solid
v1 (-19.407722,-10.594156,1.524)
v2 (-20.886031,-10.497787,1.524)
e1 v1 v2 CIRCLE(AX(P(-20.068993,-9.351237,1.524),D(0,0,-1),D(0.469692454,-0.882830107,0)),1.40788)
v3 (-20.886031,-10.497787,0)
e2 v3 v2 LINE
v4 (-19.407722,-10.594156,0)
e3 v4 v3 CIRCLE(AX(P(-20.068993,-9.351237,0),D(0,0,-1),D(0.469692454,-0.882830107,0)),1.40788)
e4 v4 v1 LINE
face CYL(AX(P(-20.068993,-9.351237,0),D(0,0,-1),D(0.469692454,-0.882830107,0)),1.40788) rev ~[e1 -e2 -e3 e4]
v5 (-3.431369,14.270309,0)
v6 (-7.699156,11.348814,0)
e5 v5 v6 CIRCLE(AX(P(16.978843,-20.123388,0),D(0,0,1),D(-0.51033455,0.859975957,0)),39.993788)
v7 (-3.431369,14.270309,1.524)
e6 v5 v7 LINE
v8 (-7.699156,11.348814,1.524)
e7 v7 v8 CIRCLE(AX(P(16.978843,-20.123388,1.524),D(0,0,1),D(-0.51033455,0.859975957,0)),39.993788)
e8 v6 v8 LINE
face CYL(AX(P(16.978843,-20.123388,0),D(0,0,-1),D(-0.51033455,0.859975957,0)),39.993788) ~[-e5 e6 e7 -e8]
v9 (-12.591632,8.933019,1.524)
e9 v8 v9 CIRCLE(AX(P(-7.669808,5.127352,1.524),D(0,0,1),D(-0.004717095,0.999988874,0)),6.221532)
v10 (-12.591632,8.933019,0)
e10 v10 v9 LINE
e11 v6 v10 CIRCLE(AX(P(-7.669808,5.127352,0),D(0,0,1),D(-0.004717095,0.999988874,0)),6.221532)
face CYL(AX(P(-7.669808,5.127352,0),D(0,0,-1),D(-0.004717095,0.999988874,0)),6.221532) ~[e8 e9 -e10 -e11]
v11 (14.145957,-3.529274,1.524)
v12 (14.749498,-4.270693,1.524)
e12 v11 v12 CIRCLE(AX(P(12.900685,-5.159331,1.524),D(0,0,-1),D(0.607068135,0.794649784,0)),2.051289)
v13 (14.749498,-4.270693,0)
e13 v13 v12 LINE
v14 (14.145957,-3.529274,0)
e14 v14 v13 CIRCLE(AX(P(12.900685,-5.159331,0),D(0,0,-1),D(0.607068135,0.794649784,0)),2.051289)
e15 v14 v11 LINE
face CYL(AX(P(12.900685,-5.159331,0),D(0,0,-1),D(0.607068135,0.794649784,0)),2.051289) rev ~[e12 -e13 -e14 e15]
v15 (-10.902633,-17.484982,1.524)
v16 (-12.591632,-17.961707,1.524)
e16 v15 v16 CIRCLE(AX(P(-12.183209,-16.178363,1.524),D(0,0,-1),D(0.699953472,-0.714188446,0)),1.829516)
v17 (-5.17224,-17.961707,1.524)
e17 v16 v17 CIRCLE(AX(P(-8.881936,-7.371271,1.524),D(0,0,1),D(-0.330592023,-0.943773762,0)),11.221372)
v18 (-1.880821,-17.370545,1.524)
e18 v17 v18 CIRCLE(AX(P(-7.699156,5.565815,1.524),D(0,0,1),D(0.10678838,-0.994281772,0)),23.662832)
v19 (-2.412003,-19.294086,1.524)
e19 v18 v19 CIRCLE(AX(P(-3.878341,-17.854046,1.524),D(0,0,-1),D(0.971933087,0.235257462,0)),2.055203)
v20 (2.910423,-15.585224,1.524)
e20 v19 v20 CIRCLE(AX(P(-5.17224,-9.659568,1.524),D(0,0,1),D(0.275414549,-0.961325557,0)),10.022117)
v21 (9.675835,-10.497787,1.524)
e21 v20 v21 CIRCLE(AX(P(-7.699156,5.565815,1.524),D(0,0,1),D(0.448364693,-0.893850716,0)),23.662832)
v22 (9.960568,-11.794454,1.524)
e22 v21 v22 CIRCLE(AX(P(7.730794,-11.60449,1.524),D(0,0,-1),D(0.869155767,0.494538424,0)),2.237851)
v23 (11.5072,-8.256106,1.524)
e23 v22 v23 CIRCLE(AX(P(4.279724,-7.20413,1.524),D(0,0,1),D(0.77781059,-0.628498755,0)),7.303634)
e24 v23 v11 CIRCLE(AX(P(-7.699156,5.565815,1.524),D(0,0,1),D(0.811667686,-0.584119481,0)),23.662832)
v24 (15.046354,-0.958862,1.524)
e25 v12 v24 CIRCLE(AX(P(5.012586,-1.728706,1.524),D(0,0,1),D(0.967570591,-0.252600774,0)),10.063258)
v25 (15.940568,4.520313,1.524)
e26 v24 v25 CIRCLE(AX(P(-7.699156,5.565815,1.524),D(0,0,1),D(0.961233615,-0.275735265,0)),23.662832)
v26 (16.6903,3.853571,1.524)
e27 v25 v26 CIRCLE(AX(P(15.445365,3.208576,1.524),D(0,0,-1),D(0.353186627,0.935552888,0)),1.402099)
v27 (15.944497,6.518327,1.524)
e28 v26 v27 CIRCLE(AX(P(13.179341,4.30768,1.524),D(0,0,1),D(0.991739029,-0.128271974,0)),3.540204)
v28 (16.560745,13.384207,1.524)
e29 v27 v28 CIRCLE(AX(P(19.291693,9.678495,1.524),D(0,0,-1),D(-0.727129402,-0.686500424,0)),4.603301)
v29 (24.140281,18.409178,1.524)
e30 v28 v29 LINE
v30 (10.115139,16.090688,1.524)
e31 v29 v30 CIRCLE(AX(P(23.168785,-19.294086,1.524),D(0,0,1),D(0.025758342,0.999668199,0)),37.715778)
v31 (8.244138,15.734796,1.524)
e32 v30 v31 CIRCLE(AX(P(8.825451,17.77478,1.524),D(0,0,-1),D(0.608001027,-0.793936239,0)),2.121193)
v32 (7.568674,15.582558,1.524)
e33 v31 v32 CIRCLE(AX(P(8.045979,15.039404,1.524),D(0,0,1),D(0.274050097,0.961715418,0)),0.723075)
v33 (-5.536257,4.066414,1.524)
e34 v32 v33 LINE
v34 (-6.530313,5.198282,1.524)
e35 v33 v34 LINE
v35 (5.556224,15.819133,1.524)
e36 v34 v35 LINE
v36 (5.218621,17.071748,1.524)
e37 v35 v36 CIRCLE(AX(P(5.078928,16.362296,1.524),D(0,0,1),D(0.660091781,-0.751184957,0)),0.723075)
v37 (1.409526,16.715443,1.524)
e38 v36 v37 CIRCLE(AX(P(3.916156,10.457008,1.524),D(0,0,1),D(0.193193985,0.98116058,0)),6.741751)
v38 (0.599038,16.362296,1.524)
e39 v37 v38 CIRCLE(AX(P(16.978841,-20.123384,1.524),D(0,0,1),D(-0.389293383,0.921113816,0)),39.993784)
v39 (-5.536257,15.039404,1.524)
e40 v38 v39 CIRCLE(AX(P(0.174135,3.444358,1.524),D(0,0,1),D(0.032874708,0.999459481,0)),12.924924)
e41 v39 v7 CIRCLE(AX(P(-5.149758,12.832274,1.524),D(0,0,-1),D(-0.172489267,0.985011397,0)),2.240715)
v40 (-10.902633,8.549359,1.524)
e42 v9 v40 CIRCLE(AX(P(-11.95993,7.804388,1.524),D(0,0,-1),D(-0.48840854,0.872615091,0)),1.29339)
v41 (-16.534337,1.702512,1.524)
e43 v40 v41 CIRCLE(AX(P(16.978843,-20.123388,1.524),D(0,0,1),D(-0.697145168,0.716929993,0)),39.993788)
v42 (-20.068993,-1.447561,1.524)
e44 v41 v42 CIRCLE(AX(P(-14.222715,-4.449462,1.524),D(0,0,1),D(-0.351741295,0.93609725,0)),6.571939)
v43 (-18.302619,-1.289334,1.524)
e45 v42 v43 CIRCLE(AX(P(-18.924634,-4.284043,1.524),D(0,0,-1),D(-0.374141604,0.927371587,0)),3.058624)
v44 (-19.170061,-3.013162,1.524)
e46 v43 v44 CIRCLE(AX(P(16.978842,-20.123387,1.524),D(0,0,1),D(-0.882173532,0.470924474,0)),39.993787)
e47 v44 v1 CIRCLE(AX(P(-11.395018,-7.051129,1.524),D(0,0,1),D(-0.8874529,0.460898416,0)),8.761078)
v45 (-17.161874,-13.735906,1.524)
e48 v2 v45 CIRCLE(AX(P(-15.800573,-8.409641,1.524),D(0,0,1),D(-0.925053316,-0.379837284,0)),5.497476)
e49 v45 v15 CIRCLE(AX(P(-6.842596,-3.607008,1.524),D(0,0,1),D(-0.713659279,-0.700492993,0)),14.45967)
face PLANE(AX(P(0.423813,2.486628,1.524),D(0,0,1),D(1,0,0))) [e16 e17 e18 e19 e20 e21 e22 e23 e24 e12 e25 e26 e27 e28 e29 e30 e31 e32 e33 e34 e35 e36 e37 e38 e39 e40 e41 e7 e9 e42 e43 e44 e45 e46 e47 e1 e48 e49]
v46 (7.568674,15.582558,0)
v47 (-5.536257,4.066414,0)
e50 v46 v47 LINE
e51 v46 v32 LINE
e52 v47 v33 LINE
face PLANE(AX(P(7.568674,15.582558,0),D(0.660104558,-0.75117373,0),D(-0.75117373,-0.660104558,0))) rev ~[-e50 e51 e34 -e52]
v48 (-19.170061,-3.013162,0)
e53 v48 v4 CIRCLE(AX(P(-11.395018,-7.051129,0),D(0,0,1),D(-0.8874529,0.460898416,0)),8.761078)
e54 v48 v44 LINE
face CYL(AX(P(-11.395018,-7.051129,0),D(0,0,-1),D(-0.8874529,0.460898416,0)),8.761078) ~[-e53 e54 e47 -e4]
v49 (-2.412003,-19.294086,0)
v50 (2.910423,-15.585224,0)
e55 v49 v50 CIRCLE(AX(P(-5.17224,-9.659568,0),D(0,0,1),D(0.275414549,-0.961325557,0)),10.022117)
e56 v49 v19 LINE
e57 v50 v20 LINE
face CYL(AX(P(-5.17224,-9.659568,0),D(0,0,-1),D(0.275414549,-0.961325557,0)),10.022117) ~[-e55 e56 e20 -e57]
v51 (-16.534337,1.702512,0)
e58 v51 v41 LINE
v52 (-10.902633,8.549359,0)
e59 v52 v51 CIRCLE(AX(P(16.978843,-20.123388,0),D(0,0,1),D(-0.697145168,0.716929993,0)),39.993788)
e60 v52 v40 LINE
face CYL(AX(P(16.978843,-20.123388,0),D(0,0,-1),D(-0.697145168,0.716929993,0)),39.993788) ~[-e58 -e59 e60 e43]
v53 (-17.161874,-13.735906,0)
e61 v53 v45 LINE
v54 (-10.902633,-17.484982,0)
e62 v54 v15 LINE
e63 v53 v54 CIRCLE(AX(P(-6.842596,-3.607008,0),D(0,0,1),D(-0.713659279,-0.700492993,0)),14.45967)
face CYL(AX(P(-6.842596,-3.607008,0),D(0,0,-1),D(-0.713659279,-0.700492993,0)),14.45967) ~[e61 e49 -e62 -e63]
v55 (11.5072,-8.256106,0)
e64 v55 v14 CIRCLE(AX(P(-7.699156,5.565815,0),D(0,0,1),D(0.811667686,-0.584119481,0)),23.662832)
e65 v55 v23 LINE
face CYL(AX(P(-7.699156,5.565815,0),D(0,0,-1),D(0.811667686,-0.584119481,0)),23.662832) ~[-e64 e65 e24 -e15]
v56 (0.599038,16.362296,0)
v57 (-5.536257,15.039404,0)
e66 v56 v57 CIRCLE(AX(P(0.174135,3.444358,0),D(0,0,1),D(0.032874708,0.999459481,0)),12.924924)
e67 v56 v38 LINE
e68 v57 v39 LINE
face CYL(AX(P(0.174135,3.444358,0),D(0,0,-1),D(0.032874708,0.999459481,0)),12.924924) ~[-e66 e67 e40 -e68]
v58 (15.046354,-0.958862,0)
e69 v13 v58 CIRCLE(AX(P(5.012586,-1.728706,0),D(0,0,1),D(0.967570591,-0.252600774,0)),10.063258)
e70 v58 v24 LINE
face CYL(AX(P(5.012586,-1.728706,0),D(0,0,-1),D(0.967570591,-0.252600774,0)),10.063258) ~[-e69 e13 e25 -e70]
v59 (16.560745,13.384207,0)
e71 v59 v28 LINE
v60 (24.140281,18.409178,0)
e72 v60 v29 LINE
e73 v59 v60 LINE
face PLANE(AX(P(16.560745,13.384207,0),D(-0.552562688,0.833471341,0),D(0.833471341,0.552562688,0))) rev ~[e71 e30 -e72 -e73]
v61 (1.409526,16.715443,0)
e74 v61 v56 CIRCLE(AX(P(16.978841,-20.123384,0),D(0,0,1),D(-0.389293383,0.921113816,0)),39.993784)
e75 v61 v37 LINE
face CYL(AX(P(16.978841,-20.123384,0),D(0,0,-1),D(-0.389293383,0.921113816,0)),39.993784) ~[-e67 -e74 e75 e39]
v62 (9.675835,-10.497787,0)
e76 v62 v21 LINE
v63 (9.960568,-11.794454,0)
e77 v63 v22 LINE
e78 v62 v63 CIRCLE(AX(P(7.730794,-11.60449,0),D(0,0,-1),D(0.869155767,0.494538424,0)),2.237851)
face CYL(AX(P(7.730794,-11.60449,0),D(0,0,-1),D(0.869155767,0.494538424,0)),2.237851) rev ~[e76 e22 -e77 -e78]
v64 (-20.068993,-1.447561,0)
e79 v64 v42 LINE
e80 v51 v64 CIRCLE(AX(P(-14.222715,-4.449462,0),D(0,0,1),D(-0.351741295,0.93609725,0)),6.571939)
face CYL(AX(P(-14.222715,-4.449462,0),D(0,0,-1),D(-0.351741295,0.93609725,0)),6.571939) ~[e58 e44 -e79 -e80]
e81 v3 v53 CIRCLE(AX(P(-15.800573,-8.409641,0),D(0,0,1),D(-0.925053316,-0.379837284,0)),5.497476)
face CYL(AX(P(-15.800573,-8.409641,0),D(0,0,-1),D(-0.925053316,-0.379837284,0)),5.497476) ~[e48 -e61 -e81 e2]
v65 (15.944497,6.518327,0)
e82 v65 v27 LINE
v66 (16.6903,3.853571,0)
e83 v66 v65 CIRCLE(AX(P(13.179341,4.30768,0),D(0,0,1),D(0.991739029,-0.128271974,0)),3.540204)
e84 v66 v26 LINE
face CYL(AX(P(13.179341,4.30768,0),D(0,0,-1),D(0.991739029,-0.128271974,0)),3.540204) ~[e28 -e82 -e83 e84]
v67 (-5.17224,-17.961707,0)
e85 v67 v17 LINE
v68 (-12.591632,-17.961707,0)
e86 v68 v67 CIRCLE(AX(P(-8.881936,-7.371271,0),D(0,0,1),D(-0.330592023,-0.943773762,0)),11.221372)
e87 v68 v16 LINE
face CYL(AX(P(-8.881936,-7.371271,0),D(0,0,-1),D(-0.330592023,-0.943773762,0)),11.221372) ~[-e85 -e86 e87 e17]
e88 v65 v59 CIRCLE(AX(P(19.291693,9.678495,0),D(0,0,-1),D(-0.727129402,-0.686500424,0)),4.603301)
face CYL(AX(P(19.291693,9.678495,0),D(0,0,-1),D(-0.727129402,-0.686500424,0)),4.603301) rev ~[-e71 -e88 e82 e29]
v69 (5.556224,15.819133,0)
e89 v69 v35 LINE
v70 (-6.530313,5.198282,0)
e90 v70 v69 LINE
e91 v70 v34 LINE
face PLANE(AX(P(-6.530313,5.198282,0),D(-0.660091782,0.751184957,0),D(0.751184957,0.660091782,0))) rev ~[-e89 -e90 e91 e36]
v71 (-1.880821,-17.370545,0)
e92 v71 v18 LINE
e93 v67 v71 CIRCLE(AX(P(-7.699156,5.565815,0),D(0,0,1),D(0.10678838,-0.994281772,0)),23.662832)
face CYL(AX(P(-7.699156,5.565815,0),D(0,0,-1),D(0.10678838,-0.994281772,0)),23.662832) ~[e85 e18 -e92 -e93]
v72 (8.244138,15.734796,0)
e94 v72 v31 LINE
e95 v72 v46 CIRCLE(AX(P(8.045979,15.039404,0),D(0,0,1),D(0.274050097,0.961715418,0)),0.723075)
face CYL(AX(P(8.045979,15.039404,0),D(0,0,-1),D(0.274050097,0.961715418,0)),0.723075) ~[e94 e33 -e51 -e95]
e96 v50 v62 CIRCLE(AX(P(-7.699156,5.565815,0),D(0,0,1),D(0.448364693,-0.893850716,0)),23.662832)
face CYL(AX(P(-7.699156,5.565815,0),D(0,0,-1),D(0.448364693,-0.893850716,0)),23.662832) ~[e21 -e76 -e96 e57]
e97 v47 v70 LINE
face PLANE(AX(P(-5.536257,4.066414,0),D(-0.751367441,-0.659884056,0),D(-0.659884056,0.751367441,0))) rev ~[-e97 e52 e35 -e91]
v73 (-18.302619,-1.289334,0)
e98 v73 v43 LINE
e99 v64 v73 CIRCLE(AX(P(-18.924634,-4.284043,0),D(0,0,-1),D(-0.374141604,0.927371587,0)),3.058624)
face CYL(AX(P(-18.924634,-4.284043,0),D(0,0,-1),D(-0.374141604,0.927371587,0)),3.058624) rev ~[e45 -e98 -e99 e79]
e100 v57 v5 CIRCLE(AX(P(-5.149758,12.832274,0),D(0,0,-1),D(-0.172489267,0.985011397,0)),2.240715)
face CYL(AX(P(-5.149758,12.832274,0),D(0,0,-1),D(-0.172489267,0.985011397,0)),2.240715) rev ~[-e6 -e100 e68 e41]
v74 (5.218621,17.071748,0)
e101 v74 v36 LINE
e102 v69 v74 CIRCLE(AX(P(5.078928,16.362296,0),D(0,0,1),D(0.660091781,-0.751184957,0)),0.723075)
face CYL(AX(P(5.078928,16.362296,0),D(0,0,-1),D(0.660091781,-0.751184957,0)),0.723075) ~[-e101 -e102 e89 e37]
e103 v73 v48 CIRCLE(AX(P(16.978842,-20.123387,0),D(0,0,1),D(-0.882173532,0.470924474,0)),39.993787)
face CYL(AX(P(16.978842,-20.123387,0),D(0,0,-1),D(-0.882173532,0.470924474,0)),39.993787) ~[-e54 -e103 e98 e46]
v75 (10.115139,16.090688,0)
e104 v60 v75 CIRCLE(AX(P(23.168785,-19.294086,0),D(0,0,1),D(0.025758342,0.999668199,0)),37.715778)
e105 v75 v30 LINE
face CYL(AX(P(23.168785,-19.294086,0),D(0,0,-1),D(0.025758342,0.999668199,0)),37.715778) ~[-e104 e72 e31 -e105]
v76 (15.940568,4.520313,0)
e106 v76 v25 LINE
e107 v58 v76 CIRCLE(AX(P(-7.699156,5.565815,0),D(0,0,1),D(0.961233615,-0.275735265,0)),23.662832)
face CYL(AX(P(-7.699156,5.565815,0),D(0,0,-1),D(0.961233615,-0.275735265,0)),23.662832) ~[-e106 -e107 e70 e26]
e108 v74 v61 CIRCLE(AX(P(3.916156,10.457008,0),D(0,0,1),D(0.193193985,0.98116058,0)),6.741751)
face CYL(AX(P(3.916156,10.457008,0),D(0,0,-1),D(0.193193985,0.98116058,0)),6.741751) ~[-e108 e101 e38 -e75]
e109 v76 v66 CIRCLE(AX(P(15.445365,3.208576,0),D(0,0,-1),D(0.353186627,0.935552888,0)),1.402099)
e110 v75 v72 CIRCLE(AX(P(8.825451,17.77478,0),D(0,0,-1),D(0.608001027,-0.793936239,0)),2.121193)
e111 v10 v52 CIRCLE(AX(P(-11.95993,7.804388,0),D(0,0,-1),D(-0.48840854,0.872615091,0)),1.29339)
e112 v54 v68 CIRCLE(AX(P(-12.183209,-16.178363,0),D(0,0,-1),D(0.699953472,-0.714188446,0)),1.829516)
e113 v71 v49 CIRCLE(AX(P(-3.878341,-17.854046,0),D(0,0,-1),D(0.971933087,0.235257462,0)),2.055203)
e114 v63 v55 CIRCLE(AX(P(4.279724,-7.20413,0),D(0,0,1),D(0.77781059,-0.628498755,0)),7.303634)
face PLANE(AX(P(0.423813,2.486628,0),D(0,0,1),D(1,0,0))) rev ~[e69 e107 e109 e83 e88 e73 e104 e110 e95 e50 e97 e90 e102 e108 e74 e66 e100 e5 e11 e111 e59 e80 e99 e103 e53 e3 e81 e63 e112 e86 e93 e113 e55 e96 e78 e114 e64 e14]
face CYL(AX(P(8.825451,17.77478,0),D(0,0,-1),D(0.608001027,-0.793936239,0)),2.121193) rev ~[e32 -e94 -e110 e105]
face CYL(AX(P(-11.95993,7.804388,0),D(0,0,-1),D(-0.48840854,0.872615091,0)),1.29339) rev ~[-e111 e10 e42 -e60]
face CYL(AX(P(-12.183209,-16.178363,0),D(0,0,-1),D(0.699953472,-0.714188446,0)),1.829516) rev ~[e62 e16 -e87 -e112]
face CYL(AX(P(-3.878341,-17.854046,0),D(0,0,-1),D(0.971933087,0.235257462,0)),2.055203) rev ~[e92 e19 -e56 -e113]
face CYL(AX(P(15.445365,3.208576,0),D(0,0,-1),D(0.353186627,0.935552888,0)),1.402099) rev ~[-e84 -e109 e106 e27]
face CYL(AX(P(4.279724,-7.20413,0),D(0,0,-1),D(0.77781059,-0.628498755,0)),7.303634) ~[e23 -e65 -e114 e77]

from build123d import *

# Parameters (mm, degrees)
BOSS_EXTRUDE1_DEPTH = 1.524


with BuildPart() as part:
    # Sketch1 → Boss-Extrude1 (new body)
    with BuildSketch(Plane.XY):
        with BuildLine():
            Line((7.568674397, 15.582558464), (-5.536256919, 4.066414385))
            Line((-5.536256919, 4.066414385), (-6.530313076, 5.198282058))
            Line((-6.530313076, 5.198282058), (5.556223507, 15.819133016))
            ThreePointArc((5.556223507, 15.819133016), (5.777089873, 16.550462951), (5.218621489, 17.071748372))
            ThreePointArc((5.218621489, 17.071748372), (3.288269389, 17.169456569), (1.409525645, 16.715443282))
            ThreePointArc((1.409525645, 16.715443282), (1.003306116, 16.541109193), (0.599038273, 16.362295908))
            ThreePointArc((0.599038273, 16.362295908), (-2.550127925, 16.078915888), (-5.536256919, 15.03940369))
            ThreePointArc((-5.536256919, 15.03940369), (-4.380758941, 14.936898454), (-3.431369122, 14.270308722))
            ThreePointArc((-3.431369122, 14.270308722), (-5.61253751, 12.87862193), (-7.699155785, 11.348814153))
            ThreePointArc((-7.699155785, 11.348814153), (-10.424357394, 10.705874365), (-12.591632165, 8.933019197))
            ThreePointArc((-12.591632165, 8.933019197), (-11.673431217, 9.06564735), (-10.902633402, 8.549358731))
            ThreePointArc((-10.902633402, 8.549358731), (-13.90878858, 5.282464583), (-16.534336918, 1.702511755))
            ThreePointArc((-16.534336918, 1.702511755), (-18.59519403, 0.456840392), (-20.068993111, -1.447561206))
            ThreePointArc((-20.068993111, -1.447561206), (-19.197525413, -1.237616175), (-18.302618639, -1.289333967))
            ThreePointArc((-18.302618639, -1.289333967), (-18.746738742, -2.146015126), (-19.170061319, -3.013161751))
            ThreePointArc((-19.170061319, -3.013161751), (-20.151793191, -6.776607347), (-19.40772228, -10.594156129))
            ThreePointArc((-19.40772228, -10.594156129), (-20.160576804, -10.75613538), (-20.886030658, -10.497786933))
            ThreePointArc((-20.886030658, -10.497786933), (-19.40772228, -12.558219915), (-17.161873617, -13.735905577))
            ThreePointArc((-17.161873617, -13.735905577), (-14.272607306, -16.011724419), (-10.902633402, -17.484981731))
            ThreePointArc((-10.902633402, -17.484981731), (-11.686238888, -17.939086495), (-12.591632165, -17.961707434))
            ThreePointArc((-12.591632165, -17.961707434), (-8.881936241, -18.592642939), (-5.172240316, -17.961707434))
            ThreePointArc((-5.172240316, -17.961707434), (-3.516074533, -17.724342682), (-1.880821012, -17.370544649))
            ThreePointArc((-1.880821012, -17.370544649), (-1.897285647, -18.401111131), (-2.412003394, -19.294085934))
            ThreePointArc((-2.412003394, -19.294085934), (0.557596733, -17.882208081), (2.910422529, -15.585224243))
            ThreePointArc((2.910422529, -15.585224243), (6.522466187, -13.346484728), (9.675834999, -10.497786933))
            ThreePointArc((9.675834999, -10.497786933), (9.916567514, -11.124520652), (9.960567596, -11.794454448))
            ThreePointArc((9.960567596, -11.794454448), (10.971969999, -10.129349123), (11.507200123, -8.256106139))
            ThreePointArc((11.507200123, -8.256106139), (12.962197209, -5.968399457), (14.145957127, -3.529274442))
            ThreePointArc((14.145957127, -3.529274442), (14.491523151, -3.864332581), (14.749497984, -4.270693035))
            ThreePointArc((14.749497984, -4.270693035), (15.035659281, -2.627123404), (15.04635356, -0.958862317))
            ThreePointArc((15.04635356, -0.958862317), (15.654704723, 1.754409987), (15.940567857, 4.520313094))
            ThreePointArc((15.940567857, 4.520313094), (16.377113792, 4.256299615), (16.690299619, 3.853571284))
            ThreePointArc((16.690299619, 3.853571284), (16.588539506, 5.261834916), (15.944497262, 6.518326526))
            ThreePointArc((15.944497262, 6.518326526), (14.706822394, 10.090010141), (16.56074466, 13.384207335))
            Line((16.56074466, 13.384207335), (24.140280678, 18.409177712))
            ThreePointArc((24.140280678, 18.409177712), (17.01748918, 17.916684767), (10.115138619, 16.090687846))
            ThreePointArc((10.115138619, 16.090687846), (9.22182641, 15.690950119), (8.244138062, 15.734795847))
            ThreePointArc((8.244138062, 15.734795847), (7.886999128, 15.744784733), (7.568674397, 15.582558464))
        make_face()
    extrude(amount=BOSS_EXTRUDE1_DEPTH)


solid = part.part
